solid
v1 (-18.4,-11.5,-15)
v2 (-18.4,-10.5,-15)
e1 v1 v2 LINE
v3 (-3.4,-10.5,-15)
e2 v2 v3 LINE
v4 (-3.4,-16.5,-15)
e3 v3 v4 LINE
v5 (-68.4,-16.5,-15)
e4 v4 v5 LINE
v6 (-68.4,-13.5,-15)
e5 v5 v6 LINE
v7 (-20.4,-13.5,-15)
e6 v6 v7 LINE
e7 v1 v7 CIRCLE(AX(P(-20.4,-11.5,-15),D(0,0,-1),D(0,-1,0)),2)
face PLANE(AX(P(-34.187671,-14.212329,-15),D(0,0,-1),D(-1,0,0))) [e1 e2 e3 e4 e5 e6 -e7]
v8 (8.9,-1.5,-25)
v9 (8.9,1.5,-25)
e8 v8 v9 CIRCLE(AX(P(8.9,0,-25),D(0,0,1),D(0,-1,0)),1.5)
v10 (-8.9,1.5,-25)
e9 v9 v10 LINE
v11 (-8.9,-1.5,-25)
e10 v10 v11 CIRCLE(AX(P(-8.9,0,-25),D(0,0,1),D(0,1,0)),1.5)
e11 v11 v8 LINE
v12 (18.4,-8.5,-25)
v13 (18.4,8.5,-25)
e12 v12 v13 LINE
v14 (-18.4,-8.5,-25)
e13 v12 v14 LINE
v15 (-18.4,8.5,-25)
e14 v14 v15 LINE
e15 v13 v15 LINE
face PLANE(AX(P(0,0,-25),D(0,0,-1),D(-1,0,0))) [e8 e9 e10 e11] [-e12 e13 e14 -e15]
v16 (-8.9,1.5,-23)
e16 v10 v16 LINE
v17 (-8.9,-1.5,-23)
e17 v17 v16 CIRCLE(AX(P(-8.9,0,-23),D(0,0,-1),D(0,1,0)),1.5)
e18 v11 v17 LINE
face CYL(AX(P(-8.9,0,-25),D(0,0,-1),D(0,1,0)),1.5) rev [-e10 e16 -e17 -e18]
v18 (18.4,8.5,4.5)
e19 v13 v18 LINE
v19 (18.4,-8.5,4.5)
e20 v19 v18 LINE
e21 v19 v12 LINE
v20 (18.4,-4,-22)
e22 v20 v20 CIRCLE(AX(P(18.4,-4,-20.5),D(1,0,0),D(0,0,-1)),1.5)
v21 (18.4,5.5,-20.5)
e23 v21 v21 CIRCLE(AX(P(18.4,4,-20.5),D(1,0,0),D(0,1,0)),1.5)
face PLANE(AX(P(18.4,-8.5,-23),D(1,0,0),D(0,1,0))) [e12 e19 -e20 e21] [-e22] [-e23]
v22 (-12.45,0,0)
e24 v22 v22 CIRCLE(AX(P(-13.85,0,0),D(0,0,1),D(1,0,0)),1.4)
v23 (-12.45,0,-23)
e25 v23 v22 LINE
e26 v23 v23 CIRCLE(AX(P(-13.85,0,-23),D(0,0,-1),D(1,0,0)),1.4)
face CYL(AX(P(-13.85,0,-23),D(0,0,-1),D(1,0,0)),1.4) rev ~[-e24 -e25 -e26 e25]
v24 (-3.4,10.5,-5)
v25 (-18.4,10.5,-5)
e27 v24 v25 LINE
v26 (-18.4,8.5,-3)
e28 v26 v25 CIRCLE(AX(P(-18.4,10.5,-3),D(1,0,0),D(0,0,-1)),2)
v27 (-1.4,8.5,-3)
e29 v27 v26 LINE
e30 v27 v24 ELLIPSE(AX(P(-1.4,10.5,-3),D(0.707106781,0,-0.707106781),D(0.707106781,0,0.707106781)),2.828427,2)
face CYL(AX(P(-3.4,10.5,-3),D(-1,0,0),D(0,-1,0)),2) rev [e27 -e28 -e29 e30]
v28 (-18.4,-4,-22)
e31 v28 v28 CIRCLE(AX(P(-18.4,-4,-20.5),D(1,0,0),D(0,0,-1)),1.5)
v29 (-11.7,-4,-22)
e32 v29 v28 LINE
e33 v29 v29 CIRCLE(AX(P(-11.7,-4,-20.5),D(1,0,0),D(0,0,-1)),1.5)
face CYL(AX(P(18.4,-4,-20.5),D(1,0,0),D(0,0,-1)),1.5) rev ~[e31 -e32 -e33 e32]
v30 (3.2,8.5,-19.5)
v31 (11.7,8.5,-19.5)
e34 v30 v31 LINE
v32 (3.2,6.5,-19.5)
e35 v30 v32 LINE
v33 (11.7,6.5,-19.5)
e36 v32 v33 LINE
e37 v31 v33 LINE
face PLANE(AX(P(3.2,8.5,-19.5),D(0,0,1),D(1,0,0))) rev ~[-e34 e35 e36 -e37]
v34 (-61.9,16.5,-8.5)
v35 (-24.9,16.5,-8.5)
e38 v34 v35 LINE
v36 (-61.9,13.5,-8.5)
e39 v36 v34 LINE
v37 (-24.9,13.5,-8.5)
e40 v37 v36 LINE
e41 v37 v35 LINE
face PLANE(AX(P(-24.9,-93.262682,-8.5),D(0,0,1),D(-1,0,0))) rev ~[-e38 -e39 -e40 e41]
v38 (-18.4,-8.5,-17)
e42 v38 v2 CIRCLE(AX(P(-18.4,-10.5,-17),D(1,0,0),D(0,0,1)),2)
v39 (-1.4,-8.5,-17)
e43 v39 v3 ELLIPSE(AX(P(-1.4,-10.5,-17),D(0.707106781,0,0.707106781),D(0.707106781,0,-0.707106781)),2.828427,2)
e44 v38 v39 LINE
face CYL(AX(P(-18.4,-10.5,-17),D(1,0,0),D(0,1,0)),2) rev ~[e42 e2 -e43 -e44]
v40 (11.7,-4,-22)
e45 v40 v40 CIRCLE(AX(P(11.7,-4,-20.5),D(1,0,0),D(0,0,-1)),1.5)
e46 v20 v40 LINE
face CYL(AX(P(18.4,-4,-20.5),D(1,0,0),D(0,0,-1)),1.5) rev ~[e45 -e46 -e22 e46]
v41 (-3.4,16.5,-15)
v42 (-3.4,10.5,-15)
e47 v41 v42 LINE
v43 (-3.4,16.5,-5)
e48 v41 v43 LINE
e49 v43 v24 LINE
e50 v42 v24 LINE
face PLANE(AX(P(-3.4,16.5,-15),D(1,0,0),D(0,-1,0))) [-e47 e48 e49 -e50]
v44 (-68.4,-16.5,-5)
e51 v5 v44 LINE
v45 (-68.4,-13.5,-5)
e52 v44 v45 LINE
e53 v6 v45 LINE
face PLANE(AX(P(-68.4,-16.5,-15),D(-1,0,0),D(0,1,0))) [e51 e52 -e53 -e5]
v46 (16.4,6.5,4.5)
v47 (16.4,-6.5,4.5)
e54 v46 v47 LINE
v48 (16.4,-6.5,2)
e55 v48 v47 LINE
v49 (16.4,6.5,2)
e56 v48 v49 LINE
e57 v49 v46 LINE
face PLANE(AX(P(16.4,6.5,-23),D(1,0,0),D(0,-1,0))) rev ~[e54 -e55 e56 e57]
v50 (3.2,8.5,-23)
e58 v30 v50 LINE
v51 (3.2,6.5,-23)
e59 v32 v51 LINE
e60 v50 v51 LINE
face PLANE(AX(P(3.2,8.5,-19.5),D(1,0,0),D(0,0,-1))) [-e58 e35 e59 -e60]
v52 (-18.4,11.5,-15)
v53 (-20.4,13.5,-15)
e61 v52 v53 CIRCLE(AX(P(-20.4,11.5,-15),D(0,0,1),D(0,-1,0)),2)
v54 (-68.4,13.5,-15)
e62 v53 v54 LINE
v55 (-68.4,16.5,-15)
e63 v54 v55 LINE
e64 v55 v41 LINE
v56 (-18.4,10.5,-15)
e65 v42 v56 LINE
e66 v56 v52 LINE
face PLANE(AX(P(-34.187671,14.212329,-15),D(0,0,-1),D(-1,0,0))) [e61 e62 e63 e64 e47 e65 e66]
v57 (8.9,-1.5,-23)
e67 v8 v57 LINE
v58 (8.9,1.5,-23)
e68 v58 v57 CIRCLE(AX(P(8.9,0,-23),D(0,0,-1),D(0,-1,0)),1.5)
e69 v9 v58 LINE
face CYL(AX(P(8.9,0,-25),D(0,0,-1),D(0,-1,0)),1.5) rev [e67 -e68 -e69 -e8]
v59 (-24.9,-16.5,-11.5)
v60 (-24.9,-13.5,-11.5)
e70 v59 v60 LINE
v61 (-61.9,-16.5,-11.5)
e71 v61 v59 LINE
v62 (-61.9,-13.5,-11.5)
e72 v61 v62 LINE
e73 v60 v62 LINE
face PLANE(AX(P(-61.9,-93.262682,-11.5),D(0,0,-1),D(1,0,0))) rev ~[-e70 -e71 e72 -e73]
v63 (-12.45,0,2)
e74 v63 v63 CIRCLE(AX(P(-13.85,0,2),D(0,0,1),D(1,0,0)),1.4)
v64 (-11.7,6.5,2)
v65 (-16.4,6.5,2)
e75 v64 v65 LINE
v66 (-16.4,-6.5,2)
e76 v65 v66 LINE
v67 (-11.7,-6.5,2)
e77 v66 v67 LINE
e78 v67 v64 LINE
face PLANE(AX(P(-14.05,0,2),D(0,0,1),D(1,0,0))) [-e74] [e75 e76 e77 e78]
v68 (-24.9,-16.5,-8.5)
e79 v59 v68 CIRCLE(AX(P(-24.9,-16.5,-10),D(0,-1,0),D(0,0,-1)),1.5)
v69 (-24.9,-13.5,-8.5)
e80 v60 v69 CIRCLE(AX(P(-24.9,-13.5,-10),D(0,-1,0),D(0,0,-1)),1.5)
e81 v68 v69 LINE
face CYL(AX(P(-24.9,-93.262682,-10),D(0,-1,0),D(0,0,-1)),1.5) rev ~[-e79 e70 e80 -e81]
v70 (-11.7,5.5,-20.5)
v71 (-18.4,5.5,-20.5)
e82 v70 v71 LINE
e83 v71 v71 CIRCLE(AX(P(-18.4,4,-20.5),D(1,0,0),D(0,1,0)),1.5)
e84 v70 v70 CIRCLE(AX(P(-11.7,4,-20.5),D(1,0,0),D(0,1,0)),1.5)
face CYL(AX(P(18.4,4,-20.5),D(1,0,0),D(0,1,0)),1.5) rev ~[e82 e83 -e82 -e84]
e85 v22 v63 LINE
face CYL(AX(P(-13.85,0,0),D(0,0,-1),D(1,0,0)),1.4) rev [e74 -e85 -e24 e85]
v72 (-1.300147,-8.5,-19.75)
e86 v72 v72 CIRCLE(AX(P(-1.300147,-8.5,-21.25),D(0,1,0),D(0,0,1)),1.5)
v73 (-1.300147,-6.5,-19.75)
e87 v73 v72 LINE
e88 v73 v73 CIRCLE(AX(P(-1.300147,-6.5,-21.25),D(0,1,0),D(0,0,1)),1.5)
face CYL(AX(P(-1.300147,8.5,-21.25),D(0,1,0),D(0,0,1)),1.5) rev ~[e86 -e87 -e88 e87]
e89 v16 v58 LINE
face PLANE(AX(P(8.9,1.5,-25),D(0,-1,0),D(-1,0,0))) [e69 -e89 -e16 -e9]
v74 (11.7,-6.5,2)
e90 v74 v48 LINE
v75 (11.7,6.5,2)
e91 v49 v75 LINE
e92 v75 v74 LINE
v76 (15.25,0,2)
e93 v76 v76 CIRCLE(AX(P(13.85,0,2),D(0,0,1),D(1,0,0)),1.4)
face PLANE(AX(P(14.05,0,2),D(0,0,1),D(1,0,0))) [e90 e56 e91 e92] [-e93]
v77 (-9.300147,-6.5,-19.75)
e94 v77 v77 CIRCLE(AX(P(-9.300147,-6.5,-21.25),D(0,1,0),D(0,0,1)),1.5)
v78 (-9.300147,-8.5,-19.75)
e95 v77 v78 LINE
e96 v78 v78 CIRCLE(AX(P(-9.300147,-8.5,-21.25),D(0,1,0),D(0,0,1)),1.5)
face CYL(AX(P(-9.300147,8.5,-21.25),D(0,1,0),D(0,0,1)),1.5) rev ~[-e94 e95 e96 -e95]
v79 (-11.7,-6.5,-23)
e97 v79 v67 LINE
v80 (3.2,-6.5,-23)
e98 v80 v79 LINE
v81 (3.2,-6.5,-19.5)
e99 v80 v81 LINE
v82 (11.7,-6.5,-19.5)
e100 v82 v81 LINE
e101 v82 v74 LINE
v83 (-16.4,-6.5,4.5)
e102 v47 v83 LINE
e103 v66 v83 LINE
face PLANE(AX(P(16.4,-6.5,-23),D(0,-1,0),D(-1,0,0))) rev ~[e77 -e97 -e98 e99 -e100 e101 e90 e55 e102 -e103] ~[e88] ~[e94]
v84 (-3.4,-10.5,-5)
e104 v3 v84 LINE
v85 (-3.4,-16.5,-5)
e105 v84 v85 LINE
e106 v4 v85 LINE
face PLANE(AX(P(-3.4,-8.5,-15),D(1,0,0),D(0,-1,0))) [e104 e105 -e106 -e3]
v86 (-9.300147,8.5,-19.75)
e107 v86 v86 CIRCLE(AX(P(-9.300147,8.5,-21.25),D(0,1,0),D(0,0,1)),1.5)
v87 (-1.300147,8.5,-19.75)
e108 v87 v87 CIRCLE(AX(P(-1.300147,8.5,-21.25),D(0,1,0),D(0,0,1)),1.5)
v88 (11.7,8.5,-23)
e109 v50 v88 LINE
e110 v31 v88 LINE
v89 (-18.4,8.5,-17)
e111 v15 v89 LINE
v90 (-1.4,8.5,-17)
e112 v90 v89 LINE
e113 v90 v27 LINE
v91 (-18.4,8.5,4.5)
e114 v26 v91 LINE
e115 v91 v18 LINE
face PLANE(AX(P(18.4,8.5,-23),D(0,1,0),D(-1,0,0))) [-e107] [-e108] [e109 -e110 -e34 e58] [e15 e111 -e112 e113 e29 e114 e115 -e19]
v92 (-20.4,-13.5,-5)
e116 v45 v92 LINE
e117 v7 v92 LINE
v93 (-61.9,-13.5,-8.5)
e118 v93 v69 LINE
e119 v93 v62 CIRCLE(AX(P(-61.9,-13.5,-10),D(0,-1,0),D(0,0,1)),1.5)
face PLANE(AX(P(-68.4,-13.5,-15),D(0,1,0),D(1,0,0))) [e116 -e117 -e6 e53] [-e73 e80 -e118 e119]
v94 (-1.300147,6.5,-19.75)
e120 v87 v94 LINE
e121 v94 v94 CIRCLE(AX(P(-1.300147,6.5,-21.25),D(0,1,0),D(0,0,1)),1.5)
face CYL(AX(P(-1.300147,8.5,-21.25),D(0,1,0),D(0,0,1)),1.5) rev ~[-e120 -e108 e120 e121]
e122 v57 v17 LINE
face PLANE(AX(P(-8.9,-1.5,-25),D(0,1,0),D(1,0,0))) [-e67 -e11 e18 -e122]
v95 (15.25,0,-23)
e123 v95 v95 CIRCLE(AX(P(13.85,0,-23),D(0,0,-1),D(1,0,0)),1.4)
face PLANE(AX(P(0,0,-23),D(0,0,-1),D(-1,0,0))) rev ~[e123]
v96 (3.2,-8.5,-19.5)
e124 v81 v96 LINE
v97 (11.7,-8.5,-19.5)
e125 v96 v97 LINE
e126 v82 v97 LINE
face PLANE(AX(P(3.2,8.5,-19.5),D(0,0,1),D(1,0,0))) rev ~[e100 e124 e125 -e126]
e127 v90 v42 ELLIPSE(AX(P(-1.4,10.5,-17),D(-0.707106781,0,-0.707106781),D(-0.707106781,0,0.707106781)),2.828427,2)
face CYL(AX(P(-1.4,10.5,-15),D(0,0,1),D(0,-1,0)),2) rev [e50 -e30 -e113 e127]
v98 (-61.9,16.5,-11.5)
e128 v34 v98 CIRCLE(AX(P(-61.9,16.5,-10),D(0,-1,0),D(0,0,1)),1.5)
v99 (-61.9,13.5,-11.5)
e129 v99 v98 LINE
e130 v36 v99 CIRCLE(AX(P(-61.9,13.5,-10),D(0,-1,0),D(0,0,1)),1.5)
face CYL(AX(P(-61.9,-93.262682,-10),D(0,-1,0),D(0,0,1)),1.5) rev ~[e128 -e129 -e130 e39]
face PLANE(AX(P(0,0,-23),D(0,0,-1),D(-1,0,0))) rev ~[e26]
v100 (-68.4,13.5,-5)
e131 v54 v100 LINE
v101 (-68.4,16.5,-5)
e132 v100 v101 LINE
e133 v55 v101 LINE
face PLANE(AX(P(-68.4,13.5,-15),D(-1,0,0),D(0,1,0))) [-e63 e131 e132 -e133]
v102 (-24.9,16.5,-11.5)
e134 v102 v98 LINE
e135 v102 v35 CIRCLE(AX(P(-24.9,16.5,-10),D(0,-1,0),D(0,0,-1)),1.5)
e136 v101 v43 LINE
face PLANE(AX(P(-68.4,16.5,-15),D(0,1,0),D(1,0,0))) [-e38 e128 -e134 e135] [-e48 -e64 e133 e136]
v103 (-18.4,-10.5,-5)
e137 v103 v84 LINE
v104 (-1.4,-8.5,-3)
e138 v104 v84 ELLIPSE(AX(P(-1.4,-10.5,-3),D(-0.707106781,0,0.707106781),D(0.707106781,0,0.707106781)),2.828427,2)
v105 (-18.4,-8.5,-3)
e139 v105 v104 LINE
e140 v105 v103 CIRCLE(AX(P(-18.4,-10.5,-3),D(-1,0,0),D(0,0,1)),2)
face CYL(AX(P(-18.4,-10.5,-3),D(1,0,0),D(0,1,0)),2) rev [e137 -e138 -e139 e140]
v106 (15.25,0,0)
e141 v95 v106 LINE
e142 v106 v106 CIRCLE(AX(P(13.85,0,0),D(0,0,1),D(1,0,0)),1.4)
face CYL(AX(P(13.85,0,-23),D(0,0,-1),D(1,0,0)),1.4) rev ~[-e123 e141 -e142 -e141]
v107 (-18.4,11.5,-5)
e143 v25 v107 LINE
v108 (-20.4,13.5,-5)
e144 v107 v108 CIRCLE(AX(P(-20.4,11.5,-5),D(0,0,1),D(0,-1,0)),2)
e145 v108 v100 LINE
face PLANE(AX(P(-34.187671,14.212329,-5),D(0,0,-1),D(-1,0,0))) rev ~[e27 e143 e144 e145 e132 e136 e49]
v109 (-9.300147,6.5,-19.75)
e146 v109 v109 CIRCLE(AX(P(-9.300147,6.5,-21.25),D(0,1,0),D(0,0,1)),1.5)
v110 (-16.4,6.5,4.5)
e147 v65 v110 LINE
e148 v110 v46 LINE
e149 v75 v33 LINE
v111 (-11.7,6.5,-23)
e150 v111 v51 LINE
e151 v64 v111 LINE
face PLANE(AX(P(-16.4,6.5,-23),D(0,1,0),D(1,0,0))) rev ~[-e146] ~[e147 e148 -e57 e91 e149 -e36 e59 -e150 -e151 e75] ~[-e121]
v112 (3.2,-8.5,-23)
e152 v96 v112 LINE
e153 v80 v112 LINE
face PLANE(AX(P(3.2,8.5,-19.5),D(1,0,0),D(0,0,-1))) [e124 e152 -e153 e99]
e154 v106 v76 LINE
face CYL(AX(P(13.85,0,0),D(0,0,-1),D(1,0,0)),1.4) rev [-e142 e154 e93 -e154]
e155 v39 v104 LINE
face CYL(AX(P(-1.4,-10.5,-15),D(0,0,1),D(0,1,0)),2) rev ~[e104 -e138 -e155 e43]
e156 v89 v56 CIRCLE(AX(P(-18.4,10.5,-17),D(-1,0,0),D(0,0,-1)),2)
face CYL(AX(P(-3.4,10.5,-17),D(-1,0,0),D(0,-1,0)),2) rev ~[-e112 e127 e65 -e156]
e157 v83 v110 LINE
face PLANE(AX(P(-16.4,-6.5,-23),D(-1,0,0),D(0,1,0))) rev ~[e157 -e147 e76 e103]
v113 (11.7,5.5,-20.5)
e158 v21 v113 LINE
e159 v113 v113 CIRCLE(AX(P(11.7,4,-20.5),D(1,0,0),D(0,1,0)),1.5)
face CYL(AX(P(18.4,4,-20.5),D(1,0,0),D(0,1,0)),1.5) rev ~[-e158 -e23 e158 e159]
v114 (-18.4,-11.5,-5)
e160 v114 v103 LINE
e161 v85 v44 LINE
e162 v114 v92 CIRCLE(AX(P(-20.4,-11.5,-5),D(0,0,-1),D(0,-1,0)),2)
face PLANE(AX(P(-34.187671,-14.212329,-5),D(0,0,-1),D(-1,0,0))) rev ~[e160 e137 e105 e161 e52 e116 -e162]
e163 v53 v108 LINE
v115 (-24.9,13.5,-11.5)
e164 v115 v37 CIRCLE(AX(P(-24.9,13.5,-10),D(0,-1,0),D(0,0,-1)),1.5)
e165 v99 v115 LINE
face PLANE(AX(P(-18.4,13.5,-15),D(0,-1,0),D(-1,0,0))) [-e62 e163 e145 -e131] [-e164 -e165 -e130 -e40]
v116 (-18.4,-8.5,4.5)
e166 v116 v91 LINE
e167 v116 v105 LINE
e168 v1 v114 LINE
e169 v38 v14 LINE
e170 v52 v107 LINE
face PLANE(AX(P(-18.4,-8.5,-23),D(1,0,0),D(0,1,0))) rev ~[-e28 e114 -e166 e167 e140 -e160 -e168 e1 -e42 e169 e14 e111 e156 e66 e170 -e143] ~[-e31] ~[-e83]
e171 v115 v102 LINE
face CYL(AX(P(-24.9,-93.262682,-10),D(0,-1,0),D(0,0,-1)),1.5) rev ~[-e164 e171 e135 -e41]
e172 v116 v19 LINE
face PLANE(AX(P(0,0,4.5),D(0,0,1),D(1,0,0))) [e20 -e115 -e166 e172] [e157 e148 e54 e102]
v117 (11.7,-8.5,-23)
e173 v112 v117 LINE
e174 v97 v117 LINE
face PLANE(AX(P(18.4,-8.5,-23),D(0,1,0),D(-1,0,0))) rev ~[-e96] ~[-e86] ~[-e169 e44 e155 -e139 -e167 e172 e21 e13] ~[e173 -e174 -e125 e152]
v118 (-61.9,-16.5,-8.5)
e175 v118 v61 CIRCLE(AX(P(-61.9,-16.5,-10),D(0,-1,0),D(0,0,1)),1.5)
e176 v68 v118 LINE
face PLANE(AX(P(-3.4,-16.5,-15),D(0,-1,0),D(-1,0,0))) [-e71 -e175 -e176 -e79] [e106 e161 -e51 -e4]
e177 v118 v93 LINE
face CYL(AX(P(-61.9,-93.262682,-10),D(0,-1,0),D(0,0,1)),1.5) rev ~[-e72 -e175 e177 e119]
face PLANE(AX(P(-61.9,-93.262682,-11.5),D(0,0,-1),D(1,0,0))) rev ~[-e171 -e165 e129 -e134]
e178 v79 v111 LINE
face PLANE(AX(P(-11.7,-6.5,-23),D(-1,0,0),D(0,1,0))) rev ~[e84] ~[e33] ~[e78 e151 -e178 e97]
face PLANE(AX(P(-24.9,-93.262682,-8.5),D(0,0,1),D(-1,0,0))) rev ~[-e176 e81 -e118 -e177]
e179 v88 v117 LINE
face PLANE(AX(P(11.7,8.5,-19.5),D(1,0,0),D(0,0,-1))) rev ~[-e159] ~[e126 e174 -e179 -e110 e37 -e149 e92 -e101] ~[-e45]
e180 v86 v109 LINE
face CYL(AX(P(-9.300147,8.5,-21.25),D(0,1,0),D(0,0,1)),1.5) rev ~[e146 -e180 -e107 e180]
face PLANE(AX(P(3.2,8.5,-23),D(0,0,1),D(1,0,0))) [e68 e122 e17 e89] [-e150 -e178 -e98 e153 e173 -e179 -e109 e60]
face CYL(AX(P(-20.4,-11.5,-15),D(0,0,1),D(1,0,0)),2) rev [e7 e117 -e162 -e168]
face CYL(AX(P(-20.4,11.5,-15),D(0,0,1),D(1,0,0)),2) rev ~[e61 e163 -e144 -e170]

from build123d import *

# Parameters (mm, degrees)
SKETCH1_R                = 1.4
BOSS_EXTRUDE1_DEPTH      = 2
BOSS_EXTRUDE1_2_DEPTH    = 2
BOSS_EXTRUDE3_DEPTH      = 2.5
BOSS_EXTRUDE3_DEPTH_BACK = 25
SKETCH4_W                = 36.8
SKETCH4_H                = 17
BOSS_EXTRUDE4_START      = 23
SKETCH5_W                = 4.7
SKETCH5_H                = 13
SKETCH5_R                = 1.4
BOSS_EXTRUDE4_DEPTH      = 23
SKETCH6_W                = 36.8
SKETCH6_H                = 17
BOSS_EXTRUDE5_DEPTH      = 2
SKETCH7_R                = 1.5
SKETCH7_W                = 8.5
SKETCH7_H                = 3.5
CUT_EXTRUDE1_DEPTH       = 36.391524409
SKETCH8_R                = 1.5
CUT_EXTRUDE2_DEPTH       = 46.293376999
CUT_EXTRUDE3_DEPTH       = 36.791898525
BOSS_EXTRUDE6_DEPTH      = 10
CUT_EXTRUDE4_DEPTH       = 79.762681519
CUT_EXTRUDE4_DEPTH_BACK  = 79.762681519
FILLET1_R                = 2


with BuildPart() as part:
    # Sketch1 → Boss-Extrude1 (new body)
    with BuildSketch(Plane.XY):
        Polygon((-11.7, -6.5), (-11.7, 0), (-11.7, 6.5), (-16.4, 6.5), (-16.4, -6.5), align=None)
        with Locations((-13.85, 0)):
            Circle(SKETCH1_R, mode=Mode.SUBTRACT)
    extrude(amount=BOSS_EXTRUDE1_DEPTH)



with BuildPart() as body_2:
    # Sketch1 → Boss-Extrude1 2 (new body)
    with BuildSketch(Plane.XY):
        Polygon((11.7, 6.5), (11.7, 0), (11.7, -6.5), (16.4, -6.5), (16.4, 6.5), align=None)
        with Locations((13.85, 0)):
            Circle(SKETCH1_R, mode=Mode.SUBTRACT)
    extrude(amount=BOSS_EXTRUDE1_2_DEPTH)


with BuildPart() as part_1:
    add(part.part)

    add(body_2.part)  # Boss-Extrude3 merges body 2
    # Sketch4 → Boss-Extrude3 (add, two sides: drawn at the far end of the back side and taken through both)
    with BuildSketch(Plane.XY.offset(2).offset(-BOSS_EXTRUDE3_DEPTH_BACK)):
        Rectangle(SKETCH4_W, SKETCH4_H)
        Polygon((-16.4, 6.5), (-11.7, 6.5), (11.7, 6.5), (16.4, 6.5), (16.4, -6.5), (11.7, -6.5), (-11.7, -6.5), (-16.4, -6.5), align=None, mode=Mode.SUBTRACT)
    extrude(amount=BOSS_EXTRUDE3_DEPTH + BOSS_EXTRUDE3_DEPTH_BACK)

    # Sketch5 → Boss-Extrude4 (add)
    # profile 1 of 2: a face of its own
    with BuildSketch(Plane(origin=(0, 0, 0), x_dir=(-1, 0, 0), z_dir=(0, 0, -1)).offset(BOSS_EXTRUDE4_START)):
        with Locations((-14.05, 0)):
            Rectangle(SKETCH5_W, SKETCH5_H)
        with Locations(Location((-13.85, 0, 0), (0, 0, 180))):
            Circle(SKETCH5_R, mode=Mode.SUBTRACT)
    # profile 2 of 2: a face of its own
    with BuildSketch(Plane(origin=(0, 0, 0), x_dir=(-1, 0, 0), z_dir=(0, 0, -1)).offset(BOSS_EXTRUDE4_START)):
        with Locations((14.05, 0)):
            Rectangle(SKETCH5_W, SKETCH5_H)
        with Locations(Location((13.85, 0, 0), (0, 0, 180))):
            Circle(SKETCH5_R, mode=Mode.SUBTRACT)
    extrude(amount=-BOSS_EXTRUDE4_DEPTH)

    # Sketch6 → Boss-Extrude5 (add)
    with BuildSketch(Plane(origin=(0, 0, -23), x_dir=(-1, 0, 0), z_dir=(0, 0, -1))):
        Rectangle(SKETCH6_W, SKETCH6_H)
    extrude(amount=BOSS_EXTRUDE5_DEPTH)

    # Sketch7 → Cut-Extrude1 (cut, through all)
    with BuildSketch(Plane(origin=(0, 8.5, 0), x_dir=(1, 0, 0), z_dir=(0, 1, 0))):
        with Locations(Location((-1.300147184, 21.25, 0), (0, 0, 270))):
            Circle(SKETCH7_R)
        with Locations(Location((-9.300147184, 21.25, 0), (0, 0, 270))):
            Circle(SKETCH7_R)
        with Locations((7.45, 21.25)):
            Rectangle(SKETCH7_W, SKETCH7_H)
    extrude(amount=-CUT_EXTRUDE1_DEPTH, mode=Mode.SUBTRACT)

    # Sketch8 → Cut-Extrude2 (cut, through all)
    with BuildSketch(Plane(origin=(18.4, 0, 0), x_dir=(0, 0, -1), z_dir=(1, 0, 0))):
        with Locations(Location((20.5, 4, 0), (0, 0, 90))):
            Circle(SKETCH8_R)
        with Locations((20.5, -4)):
            Circle(SKETCH8_R)
    extrude(amount=-CUT_EXTRUDE2_DEPTH, mode=Mode.SUBTRACT)

    # Sketch9 → Cut-Extrude3 (cut, through all)
    with BuildSketch(Plane(origin=(0, 0, -25), x_dir=(-1, 0, 0), z_dir=(0, 0, -1))):
        with BuildLine():
            Line((8.9, -1.5), (-8.9, -1.5))
            ThreePointArc((-8.9, -1.5), (-10.4, 0), (-8.9, 1.5))
            Line((-8.9, 1.5), (8.9, 1.5))
            ThreePointArc((8.9, 1.5), (10.4, 0), (8.9, -1.5))
        make_face()
    extrude(amount=-CUT_EXTRUDE3_DEPTH, mode=Mode.SUBTRACT)

    # Sketch10 → Boss-Extrude6 (add)
    with BuildSketch(Plane(origin=(0, 0, -15), x_dir=(-1, 0, 0), z_dir=(0, 0, -1))):
        Polygon((68.4, -13.5), (18.4, -13.5), (18.4, -8.5), (3.4, -8.5), (3.4, -16.5), (68.4, -16.5), align=None)
        Polygon((3.4, 8.5), (18.4, 8.5), (18.4, 13.5), (68.4, 13.5), (68.4, 16.5), (3.4, 16.5), align=None)
    extrude(amount=-BOSS_EXTRUDE6_DEPTH)

    # Sketch12 → Cut-Extrude4 (cut, two sides: drawn at the far end of the back side and taken through both)
    with BuildSketch(Plane(origin=(0, -13.5, 0), x_dir=(1, 0, 0), z_dir=(0, 1, 0)).offset(-CUT_EXTRUDE4_DEPTH_BACK)):
        with BuildLine():
            Line((-24.9, 8.5), (-61.9, 8.5))
            ThreePointArc((-61.9, 8.5), (-63.4, 10), (-61.9, 11.5))
            Line((-61.9, 11.5), (-24.9, 11.5))
            ThreePointArc((-24.9, 11.5), (-23.4, 10), (-24.9, 8.5))
        make_face()
    extrude(amount=CUT_EXTRUDE4_DEPTH + CUT_EXTRUDE4_DEPTH_BACK, mode=Mode.SUBTRACT)

    # Fillet1
    fillet1_edges = [part_1.edges().sort_by_distance(p)[0] for p in [
        (-3.4, 8.5, -10),
        (-18.4, 13.5, -10),
        (-10.9, 8.5, -5),
        (-10.9, 8.5, -15),
        (-10.9, -8.5, -15),
        (-3.4, -8.5, -10),
        (-10.9, -8.5, -5),
        (-18.4, -13.5, -10),
    ]]
    fillet(fillet1_edges, radius=FILLET1_R)


solid = part_1.part
